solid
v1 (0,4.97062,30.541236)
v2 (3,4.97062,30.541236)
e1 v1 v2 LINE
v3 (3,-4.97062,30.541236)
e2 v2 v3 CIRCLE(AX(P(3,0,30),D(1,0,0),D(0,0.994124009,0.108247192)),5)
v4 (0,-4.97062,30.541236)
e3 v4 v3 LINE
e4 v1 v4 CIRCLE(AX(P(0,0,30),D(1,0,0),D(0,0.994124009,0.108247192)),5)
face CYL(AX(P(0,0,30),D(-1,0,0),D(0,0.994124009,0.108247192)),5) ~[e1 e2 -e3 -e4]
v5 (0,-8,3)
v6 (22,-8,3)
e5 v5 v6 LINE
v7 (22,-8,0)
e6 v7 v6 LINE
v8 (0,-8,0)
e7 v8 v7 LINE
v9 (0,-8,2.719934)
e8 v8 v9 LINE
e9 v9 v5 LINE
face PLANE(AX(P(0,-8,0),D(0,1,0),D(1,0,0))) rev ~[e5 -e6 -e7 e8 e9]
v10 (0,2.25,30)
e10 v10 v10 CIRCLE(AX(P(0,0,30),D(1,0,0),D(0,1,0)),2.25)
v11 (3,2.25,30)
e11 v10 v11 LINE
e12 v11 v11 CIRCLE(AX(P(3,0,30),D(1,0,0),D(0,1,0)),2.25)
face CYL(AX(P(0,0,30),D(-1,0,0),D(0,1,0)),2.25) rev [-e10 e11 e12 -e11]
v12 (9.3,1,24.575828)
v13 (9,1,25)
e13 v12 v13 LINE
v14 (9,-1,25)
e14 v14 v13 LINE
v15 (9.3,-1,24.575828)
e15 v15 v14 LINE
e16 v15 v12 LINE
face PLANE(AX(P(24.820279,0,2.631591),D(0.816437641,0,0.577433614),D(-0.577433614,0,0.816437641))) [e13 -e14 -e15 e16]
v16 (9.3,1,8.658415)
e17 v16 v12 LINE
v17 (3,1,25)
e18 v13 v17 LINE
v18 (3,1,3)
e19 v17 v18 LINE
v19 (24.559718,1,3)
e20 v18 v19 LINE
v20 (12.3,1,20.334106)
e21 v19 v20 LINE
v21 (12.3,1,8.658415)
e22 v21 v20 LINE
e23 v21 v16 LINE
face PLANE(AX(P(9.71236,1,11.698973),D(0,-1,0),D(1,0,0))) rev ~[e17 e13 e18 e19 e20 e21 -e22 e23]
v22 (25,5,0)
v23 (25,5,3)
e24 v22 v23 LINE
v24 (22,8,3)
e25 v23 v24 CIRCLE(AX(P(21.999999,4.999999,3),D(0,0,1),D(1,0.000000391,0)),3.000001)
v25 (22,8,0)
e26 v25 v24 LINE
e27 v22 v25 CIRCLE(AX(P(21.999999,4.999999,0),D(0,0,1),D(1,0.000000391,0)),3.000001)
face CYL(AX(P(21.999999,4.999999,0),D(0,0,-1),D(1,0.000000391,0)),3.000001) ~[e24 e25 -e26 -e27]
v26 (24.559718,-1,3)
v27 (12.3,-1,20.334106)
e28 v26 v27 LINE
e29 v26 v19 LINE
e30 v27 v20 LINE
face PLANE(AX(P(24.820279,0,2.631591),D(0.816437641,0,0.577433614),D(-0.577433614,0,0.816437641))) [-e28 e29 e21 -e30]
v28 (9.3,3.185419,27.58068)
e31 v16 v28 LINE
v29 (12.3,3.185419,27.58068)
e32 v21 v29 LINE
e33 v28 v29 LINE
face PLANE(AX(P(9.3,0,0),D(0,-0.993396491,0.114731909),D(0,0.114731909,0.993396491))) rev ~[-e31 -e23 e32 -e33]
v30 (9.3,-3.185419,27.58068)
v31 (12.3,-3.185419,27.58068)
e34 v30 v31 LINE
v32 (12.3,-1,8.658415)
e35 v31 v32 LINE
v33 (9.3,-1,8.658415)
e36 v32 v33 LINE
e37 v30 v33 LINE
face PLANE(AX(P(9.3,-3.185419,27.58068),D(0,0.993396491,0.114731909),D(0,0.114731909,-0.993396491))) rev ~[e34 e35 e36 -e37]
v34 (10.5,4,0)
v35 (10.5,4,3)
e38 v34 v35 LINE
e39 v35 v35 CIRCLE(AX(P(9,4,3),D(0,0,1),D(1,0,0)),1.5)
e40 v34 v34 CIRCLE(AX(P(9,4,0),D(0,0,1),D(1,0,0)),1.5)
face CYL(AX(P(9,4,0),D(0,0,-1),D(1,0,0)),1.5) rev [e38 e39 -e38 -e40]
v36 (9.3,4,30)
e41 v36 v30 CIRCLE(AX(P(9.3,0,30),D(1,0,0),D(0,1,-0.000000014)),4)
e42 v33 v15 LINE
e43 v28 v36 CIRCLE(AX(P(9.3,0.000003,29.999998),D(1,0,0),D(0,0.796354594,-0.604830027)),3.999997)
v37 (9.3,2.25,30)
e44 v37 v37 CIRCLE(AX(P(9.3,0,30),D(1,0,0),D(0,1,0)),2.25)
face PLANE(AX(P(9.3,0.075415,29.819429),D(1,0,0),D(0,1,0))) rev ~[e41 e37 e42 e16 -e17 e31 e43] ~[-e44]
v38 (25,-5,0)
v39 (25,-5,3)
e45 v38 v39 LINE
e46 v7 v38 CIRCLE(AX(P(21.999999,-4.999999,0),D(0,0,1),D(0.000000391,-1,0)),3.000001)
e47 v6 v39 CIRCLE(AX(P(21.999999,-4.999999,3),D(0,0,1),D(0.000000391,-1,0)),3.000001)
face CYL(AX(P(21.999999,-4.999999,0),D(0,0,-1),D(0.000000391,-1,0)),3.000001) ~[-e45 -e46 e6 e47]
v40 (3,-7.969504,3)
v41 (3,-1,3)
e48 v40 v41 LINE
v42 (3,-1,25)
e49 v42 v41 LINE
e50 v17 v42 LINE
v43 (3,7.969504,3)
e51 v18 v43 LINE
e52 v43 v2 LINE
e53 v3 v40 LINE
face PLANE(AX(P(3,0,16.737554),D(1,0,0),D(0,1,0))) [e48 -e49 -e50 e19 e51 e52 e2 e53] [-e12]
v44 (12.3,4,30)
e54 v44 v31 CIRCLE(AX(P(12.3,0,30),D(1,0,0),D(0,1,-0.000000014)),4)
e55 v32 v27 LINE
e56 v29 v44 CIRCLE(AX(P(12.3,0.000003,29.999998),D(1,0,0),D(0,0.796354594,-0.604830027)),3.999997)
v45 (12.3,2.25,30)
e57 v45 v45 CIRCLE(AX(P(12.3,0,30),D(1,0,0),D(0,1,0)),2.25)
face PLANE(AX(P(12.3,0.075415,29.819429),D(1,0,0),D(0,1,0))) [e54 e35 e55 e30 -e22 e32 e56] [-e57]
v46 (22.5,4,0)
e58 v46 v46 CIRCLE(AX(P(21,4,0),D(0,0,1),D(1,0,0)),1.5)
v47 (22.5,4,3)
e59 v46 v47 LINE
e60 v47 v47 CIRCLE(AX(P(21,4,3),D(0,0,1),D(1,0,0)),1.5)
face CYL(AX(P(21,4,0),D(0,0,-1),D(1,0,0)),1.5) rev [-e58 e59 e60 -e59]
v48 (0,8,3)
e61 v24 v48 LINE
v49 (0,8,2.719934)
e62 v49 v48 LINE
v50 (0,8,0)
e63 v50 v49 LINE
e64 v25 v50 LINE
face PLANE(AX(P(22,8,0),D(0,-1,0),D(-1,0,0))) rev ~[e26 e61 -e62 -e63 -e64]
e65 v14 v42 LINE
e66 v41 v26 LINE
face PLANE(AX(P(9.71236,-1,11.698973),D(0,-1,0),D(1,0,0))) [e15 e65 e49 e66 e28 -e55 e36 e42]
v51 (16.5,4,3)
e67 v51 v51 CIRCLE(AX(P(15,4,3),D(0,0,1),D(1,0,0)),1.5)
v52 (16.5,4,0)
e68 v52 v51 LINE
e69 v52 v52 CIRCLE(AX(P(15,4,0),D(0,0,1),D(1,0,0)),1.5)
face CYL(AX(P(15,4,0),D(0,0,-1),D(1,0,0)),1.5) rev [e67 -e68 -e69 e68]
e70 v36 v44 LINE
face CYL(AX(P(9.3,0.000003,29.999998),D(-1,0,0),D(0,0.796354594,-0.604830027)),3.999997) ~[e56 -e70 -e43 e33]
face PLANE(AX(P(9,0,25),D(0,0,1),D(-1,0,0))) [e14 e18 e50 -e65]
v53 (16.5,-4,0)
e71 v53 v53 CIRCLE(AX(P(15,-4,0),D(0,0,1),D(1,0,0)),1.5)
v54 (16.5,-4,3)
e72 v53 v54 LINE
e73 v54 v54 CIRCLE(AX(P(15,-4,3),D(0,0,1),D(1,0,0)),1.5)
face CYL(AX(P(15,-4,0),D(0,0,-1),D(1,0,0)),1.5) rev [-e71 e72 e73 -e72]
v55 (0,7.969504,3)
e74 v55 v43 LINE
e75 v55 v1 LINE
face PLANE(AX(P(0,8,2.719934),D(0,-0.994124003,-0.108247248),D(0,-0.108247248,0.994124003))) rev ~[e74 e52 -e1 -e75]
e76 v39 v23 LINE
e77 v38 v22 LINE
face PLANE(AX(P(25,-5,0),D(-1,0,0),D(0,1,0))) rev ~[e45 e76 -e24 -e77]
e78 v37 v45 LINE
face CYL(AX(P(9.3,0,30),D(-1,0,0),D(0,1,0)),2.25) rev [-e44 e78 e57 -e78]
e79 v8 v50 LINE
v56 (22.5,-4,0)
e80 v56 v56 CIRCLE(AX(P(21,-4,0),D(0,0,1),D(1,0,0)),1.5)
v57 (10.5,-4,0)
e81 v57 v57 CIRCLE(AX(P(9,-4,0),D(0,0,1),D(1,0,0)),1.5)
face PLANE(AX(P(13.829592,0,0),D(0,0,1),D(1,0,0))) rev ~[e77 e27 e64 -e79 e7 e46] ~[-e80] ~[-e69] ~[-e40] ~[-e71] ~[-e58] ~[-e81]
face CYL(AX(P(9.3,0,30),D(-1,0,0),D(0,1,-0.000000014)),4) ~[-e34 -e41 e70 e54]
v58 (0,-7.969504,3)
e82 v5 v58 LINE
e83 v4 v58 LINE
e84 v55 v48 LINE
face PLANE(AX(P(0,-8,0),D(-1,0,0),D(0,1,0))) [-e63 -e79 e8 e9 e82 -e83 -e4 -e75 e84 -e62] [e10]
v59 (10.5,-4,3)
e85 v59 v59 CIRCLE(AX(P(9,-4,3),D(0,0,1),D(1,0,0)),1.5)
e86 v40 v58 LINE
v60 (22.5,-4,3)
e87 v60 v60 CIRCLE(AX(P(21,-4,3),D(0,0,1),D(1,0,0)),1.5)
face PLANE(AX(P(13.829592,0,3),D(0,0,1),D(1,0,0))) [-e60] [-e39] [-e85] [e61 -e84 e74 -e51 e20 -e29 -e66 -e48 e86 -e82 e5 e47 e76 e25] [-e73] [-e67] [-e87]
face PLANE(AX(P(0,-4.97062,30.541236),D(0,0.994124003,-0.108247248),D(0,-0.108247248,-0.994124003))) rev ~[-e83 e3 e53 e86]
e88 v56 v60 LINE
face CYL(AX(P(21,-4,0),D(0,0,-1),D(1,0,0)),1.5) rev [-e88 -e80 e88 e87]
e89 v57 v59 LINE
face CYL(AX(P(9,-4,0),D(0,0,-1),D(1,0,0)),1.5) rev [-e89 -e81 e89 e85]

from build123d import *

# Parameters (mm, degrees)
F0_R          = 1.5
F0_W          = 3.5
F0_H          = 16
F1_DEPTH      = 3
F2_R          = 2.25
F3_DEPTH      = 3
F5_DEPTH      = 1
F5_DEPTH_BACK = 1
F7_R          = 2.25
F8_DEPTH      = 3


with BuildPart() as f1:
    # F0 (on Top) → F1 (new body)
    with BuildSketch(Plane.XY):
        with BuildLine():
            Line((3.5, 8), (3.5, -8))
            Line((3.5, -8), (22, -8))
            ThreePointArc((22, -8), (24.12132, -7.12132), (25, -5))
            Line((25, -5), (25, 5))
            ThreePointArc((25, 5), (24.12132, 7.12132), (22, 8))
            Line((22, 8), (3.5, 8))
        make_face()
        with Locations((9, -4)):
            Circle(F0_R, mode=Mode.SUBTRACT)
        with Locations((15, -4)):
            Circle(F0_R, mode=Mode.SUBTRACT)
        with Locations((21, -4)):
            Circle(F0_R, mode=Mode.SUBTRACT)
        with Locations((9, 4)):
            Circle(F0_R, mode=Mode.SUBTRACT)
        with Locations((15, 4)):
            Circle(F0_R, mode=Mode.SUBTRACT)
        with Locations((21, 4)):
            Circle(F0_R, mode=Mode.SUBTRACT)
        with Locations((1.75, 0)):
            Rectangle(F0_W, F0_H)
    extrude(amount=F1_DEPTH)

    # F2 (on Right) → F3 (join)
    with BuildSketch(Plane.YZ):
        with BuildLine():
            Line((8, 2.719934), (4.97062, 30.541236))
            ThreePointArc((4.97062, 30.541236), (0, 35), (-4.97062, 30.541236))
            Line((-4.97062, 30.541236), (-8, 2.719934))
            Line((-8, 2.719934), (8, 2.719934))
        make_face()
        with Locations((0, 30)):
            Circle(F2_R, mode=Mode.SUBTRACT)
    extrude(amount=F3_DEPTH)

    # F4 (on Front) → F5 (join, two sides)
    with BuildSketch(Plane.XZ) as f5_sk:
        Polygon((9, 25), (0, 25), (0, 2.631591), (24.820279, 2.631591), align=None)
    extrude(amount=F5_DEPTH)
    extrude(f5_sk.sketch, amount=-F5_DEPTH_BACK)

    # F7 (on offset) → F8 (join)
    with BuildSketch(Plane.YZ.offset(9.3)):
        with BuildLine():
            ThreePointArc((3.185419, 27.58068), (3.790889, 28.723613), (4, 30))
            ThreePointArc((4, 30), (-1.276387, 33.790889), (-3.185419, 27.58068))
            ThreePointArc((-3.185419, 27.58068), (0, 26), (3.185419, 27.58068))
        make_face()
        with Locations((0, 30)):
            Circle(F7_R, mode=Mode.SUBTRACT)
        with BuildLine():
            ThreePointArc((3.185419, 27.58068), (0, 26), (-3.185419, 27.58068))
            Line((-3.185419, 27.58068), (0, 0))
            Line((0, 0), (3.185419, 27.58068))
        make_face()
    extrude(amount=F8_DEPTH)


solid = f1.part
